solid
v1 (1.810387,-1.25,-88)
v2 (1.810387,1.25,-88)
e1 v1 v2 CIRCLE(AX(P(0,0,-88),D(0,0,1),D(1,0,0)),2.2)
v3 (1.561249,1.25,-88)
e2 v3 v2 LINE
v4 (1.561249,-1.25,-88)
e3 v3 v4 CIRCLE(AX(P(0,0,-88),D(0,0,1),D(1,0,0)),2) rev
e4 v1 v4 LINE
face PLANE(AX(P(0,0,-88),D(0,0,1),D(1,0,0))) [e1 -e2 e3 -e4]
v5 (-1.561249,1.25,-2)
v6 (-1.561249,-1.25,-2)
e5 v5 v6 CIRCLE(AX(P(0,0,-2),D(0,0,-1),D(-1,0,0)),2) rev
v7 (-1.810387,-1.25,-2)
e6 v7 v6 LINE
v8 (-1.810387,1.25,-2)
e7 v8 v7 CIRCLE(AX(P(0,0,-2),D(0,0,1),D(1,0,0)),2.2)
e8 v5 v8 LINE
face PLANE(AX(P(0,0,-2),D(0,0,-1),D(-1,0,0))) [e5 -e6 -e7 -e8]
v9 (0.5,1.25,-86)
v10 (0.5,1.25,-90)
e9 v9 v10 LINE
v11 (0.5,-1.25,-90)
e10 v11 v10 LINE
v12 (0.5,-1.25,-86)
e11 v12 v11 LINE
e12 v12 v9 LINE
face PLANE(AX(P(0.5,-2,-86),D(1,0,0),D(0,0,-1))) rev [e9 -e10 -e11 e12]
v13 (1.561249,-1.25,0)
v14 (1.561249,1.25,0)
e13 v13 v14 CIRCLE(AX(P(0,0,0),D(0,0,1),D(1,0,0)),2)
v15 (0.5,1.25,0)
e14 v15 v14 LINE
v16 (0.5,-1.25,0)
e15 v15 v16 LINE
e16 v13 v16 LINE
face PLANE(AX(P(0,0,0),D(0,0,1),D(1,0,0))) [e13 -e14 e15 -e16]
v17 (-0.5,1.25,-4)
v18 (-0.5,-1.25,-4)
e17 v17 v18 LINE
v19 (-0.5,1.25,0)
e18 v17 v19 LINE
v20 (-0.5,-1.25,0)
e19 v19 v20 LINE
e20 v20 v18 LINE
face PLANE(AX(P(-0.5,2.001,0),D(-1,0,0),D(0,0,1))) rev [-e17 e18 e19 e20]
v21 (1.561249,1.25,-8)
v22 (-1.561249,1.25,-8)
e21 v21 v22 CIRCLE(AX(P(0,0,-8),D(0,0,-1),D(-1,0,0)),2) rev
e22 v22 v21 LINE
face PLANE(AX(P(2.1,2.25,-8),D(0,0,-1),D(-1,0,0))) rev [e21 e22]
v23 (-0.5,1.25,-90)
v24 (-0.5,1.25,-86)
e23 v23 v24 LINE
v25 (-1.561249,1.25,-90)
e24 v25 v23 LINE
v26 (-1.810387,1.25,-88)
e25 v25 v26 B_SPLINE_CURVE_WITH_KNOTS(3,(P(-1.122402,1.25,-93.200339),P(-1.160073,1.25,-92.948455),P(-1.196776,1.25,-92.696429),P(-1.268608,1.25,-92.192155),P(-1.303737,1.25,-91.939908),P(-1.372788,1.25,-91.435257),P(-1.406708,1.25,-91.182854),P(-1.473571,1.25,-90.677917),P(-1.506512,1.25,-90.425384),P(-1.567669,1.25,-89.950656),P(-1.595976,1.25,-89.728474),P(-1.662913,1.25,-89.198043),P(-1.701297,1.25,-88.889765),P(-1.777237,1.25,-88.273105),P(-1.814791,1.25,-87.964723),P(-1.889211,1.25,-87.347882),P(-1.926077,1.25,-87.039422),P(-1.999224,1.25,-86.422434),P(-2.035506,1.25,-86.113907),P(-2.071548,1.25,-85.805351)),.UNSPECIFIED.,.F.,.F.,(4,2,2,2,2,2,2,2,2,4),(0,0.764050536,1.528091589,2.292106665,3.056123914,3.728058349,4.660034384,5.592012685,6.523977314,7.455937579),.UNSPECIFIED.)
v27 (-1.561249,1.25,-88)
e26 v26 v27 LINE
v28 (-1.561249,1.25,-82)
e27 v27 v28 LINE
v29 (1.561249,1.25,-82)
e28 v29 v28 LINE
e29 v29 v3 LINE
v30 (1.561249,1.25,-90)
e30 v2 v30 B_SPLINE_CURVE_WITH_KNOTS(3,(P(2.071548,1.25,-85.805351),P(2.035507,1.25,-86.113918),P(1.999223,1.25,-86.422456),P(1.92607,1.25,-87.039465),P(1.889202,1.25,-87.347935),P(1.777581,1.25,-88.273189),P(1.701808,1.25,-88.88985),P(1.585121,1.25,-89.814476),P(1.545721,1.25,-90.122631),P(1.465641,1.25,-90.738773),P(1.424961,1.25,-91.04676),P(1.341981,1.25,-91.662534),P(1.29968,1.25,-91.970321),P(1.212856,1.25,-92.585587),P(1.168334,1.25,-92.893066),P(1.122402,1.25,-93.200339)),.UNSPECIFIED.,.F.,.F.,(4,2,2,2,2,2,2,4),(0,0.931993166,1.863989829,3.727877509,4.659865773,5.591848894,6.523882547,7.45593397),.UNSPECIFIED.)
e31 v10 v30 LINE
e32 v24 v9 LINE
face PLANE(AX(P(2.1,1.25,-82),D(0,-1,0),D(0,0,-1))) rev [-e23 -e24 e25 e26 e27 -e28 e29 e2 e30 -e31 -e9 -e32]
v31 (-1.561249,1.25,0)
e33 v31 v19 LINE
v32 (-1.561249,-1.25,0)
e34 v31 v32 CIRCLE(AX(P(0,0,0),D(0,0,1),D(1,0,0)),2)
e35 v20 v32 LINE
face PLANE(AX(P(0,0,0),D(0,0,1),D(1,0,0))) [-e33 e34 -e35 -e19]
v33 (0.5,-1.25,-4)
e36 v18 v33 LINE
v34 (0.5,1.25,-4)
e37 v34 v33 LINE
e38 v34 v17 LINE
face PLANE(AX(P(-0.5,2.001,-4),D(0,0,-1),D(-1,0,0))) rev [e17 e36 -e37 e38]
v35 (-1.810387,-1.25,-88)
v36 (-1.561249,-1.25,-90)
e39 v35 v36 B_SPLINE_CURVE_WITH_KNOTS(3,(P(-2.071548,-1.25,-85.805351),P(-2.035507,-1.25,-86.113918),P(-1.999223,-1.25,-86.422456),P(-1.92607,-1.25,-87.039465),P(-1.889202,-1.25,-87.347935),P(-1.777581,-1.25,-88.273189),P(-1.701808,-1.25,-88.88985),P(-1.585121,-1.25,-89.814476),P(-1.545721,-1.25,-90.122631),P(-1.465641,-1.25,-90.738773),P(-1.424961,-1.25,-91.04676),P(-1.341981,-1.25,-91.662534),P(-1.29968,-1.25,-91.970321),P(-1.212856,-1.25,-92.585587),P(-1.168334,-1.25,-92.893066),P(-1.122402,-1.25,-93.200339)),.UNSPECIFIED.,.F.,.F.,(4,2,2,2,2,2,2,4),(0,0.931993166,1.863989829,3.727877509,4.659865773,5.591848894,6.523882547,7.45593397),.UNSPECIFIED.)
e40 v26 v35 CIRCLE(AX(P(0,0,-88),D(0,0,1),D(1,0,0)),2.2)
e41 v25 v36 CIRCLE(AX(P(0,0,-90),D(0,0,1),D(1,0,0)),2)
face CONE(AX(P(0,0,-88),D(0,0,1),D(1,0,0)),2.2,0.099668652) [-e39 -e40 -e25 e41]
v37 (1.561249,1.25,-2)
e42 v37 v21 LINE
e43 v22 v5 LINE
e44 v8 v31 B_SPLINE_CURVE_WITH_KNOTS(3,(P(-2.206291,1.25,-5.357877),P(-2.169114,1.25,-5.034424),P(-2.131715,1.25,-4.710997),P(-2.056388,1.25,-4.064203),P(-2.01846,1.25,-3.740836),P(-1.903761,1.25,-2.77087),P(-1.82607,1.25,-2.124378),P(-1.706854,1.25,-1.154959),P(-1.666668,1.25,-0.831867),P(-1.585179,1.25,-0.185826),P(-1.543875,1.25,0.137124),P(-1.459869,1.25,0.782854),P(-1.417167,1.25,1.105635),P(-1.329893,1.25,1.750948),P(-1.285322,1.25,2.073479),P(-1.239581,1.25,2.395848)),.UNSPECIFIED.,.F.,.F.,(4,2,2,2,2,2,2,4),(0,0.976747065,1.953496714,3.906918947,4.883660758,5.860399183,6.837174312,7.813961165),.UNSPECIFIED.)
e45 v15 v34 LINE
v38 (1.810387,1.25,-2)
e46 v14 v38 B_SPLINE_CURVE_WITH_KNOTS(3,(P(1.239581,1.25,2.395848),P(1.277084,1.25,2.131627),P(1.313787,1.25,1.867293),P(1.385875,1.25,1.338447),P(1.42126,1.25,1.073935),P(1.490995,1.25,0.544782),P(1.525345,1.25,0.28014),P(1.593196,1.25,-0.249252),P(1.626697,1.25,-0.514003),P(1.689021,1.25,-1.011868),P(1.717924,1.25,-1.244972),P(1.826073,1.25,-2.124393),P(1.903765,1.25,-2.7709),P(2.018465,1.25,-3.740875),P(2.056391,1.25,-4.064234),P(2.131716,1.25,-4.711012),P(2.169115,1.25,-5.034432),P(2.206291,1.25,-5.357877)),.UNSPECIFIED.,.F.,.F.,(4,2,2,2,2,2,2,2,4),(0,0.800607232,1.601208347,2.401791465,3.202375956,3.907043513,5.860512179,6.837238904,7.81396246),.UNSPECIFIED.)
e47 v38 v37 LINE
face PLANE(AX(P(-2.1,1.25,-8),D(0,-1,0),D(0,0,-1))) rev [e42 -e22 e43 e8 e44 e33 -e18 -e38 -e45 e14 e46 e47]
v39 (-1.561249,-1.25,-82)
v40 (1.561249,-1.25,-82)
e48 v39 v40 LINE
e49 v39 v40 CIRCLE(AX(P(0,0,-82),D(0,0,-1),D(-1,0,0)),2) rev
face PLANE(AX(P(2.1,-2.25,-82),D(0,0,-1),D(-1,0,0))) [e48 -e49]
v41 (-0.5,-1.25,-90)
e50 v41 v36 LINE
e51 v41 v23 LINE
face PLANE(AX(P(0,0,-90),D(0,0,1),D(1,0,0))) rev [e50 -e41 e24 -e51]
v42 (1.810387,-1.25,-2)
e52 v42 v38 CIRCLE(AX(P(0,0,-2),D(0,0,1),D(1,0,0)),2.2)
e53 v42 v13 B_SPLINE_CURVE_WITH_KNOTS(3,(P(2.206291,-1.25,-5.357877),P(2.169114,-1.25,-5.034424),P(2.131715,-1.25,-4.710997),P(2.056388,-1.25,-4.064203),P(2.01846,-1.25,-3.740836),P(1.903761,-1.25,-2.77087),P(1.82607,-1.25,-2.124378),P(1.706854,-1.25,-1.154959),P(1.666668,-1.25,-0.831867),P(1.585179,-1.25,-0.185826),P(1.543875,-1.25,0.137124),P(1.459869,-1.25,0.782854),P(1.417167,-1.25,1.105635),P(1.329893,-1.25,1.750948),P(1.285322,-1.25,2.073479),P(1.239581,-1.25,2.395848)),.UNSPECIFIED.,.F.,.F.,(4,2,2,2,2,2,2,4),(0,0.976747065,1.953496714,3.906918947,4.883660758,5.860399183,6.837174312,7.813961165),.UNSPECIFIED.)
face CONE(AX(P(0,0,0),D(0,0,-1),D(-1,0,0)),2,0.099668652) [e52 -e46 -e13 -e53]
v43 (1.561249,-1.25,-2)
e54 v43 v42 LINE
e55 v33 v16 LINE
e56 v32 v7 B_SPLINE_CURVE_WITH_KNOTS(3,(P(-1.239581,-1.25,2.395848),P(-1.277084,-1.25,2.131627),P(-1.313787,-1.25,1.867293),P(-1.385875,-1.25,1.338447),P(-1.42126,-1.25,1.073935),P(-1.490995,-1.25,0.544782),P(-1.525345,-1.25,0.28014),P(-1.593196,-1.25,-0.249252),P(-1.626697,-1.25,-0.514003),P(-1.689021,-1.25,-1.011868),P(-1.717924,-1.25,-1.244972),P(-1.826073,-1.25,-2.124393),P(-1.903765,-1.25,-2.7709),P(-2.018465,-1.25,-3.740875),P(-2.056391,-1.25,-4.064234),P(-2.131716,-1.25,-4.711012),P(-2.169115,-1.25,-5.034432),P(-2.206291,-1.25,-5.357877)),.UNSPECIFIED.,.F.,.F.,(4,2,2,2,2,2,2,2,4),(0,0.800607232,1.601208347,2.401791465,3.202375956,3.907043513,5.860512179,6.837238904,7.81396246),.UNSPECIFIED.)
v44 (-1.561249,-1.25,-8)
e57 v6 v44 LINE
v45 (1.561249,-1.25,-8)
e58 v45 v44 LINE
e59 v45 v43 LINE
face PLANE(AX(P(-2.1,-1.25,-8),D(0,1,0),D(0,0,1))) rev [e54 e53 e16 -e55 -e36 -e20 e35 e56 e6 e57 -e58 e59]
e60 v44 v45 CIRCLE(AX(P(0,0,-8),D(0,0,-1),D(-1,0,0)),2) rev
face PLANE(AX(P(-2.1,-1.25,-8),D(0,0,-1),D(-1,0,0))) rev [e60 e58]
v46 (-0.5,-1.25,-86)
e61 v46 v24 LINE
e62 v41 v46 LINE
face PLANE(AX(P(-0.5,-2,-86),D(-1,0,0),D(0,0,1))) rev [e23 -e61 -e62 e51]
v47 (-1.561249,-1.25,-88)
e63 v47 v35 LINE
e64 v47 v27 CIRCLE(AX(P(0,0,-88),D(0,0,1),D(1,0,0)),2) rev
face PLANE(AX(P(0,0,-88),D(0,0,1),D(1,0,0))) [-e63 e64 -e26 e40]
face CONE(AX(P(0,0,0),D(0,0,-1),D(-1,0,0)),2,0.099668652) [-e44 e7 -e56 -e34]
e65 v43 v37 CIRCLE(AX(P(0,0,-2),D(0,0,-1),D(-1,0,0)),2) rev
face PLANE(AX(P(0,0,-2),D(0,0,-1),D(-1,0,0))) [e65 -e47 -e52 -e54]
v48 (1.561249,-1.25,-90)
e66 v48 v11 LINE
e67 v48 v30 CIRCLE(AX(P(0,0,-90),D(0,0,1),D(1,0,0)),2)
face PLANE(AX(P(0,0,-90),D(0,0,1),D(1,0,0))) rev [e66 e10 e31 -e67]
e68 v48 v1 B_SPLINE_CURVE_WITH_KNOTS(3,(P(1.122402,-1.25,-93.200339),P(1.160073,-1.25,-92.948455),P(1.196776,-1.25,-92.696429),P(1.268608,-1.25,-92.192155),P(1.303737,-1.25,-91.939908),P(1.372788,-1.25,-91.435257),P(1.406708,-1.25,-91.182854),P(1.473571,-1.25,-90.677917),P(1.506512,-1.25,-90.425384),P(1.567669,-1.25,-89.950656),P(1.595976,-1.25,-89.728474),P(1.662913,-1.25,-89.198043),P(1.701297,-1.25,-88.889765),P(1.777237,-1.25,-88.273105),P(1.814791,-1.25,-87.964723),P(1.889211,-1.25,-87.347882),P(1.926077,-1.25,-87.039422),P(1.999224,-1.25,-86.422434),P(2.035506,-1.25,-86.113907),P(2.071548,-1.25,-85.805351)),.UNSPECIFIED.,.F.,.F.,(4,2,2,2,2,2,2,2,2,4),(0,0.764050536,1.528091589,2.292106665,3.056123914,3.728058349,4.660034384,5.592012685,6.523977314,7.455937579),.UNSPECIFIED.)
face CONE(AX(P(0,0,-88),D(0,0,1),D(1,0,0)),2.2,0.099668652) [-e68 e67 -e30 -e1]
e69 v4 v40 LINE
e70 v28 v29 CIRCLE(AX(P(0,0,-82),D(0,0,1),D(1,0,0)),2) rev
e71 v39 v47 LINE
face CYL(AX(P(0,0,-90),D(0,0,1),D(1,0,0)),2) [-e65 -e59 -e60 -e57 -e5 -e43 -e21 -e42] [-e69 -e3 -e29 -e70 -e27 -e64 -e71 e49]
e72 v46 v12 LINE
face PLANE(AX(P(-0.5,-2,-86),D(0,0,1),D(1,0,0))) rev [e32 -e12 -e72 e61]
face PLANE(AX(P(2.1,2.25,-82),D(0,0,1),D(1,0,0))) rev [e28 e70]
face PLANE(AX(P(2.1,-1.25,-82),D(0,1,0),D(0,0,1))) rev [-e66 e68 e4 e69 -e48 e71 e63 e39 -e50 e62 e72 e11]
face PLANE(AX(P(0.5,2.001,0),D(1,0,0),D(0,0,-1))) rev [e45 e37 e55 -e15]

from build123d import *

# Parameters (mm, degrees)
SKETCH_1_R          = 2
EXTRUDE_1_DEPTH     = 90
SKETCH_3_W          = 4.2
SKETCH_3_H          = 1
CUT_EXTRUDE_1_DEPTH = 8
CUT_EXTRUDE_2_REACH = 92.086
SKETCH_4_W          = 1
SKETCH_4_H          = 4
SKETCH_6_W          = 4.2
SKETCH_6_H          = 1
CUT_EXTRUDE_3_DEPTH = 8
SKETCH_7_W          = 1
SKETCH_7_H          = 4
CUT_EXTRUDE_4_DEPTH = 91.085528805


with BuildPart() as part:
    # 草图1 → 凸台-拉伸1 (new body)
    with BuildSketch(Plane.XY):
        Circle(SKETCH_1_R)
    extrude(amount=-EXTRUDE_1_DEPTH)

    # 草图2 → 旋转1 (revolve)
    with BuildSketch(Plane(origin=(0, 0, 0), x_dir=(1, 0, 0), z_dir=(0, 1, 0))):
        Polygon((0, 0), (0, 2), (2.2, 2), (2, 0), align=None)
    revolve(axis=Axis((0, 0, 0), (0, 0, -1)))

    # 草图3 → 切除-拉伸1 (cut)
    with BuildSketch(Plane.XY):
        with Locations((0, 1.75)):
            Rectangle(SKETCH_3_W, SKETCH_3_H)
        with Locations((0, -1.75)):
            Rectangle(SKETCH_3_W, SKETCH_3_H)
    extrude(amount=-CUT_EXTRUDE_1_DEPTH, mode=Mode.SUBTRACT)

    # 草图4 → 切除-拉伸2 (cut, up to next)
    with BuildSketch(Plane.XZ.offset(1.25), mode=Mode.PRIVATE) as cut_extrude_2_sk1:
        with Locations((0, -2)):
            Rectangle(SKETCH_4_W, SKETCH_4_H)
    cut_extrude_2_tool1 = extrude(cut_extrude_2_sk1.sketch, amount=-CUT_EXTRUDE_2_REACH, mode=Mode.PRIVATE) & part.part
    add(cut_extrude_2_tool1.solids().sort_by_distance((0, -1.25, -2))[0], mode=Mode.SUBTRACT)

    # 草图5 → 旋转2 (revolve)
    with BuildSketch(Plane(origin=(0, 0, 0), x_dir=(1, 0, 0), z_dir=(0, 1, 0))):
        Polygon((0, 90), (0, 88), (2.2, 88), (2, 90), align=None)
    revolve(axis=Axis((0, 0, -58.137689197), (0, 0, -1)))

    # 草图6 → 切除-拉伸3 (cut)
    with BuildSketch(Plane(origin=(0, 0, -90), x_dir=(-1, 0, 0), z_dir=(0, 0, -1))):
        with Locations((0, 1.75)):
            Rectangle(SKETCH_6_W, SKETCH_6_H)
        with Locations((0, -1.75)):
            Rectangle(SKETCH_6_W, SKETCH_6_H)
    extrude(amount=-CUT_EXTRUDE_3_DEPTH, mode=Mode.SUBTRACT)

    # 草图7 → 切除-拉伸4 (cut, through all)
    with BuildSketch(Plane(origin=(0, 1.25, 0), x_dir=(1, 0, 0), z_dir=(0, 1, 0))):
        with Locations((0, 88)):
            Rectangle(SKETCH_7_W, SKETCH_7_H)
    extrude(amount=-CUT_EXTRUDE_4_DEPTH, mode=Mode.SUBTRACT)


solid = part.part
